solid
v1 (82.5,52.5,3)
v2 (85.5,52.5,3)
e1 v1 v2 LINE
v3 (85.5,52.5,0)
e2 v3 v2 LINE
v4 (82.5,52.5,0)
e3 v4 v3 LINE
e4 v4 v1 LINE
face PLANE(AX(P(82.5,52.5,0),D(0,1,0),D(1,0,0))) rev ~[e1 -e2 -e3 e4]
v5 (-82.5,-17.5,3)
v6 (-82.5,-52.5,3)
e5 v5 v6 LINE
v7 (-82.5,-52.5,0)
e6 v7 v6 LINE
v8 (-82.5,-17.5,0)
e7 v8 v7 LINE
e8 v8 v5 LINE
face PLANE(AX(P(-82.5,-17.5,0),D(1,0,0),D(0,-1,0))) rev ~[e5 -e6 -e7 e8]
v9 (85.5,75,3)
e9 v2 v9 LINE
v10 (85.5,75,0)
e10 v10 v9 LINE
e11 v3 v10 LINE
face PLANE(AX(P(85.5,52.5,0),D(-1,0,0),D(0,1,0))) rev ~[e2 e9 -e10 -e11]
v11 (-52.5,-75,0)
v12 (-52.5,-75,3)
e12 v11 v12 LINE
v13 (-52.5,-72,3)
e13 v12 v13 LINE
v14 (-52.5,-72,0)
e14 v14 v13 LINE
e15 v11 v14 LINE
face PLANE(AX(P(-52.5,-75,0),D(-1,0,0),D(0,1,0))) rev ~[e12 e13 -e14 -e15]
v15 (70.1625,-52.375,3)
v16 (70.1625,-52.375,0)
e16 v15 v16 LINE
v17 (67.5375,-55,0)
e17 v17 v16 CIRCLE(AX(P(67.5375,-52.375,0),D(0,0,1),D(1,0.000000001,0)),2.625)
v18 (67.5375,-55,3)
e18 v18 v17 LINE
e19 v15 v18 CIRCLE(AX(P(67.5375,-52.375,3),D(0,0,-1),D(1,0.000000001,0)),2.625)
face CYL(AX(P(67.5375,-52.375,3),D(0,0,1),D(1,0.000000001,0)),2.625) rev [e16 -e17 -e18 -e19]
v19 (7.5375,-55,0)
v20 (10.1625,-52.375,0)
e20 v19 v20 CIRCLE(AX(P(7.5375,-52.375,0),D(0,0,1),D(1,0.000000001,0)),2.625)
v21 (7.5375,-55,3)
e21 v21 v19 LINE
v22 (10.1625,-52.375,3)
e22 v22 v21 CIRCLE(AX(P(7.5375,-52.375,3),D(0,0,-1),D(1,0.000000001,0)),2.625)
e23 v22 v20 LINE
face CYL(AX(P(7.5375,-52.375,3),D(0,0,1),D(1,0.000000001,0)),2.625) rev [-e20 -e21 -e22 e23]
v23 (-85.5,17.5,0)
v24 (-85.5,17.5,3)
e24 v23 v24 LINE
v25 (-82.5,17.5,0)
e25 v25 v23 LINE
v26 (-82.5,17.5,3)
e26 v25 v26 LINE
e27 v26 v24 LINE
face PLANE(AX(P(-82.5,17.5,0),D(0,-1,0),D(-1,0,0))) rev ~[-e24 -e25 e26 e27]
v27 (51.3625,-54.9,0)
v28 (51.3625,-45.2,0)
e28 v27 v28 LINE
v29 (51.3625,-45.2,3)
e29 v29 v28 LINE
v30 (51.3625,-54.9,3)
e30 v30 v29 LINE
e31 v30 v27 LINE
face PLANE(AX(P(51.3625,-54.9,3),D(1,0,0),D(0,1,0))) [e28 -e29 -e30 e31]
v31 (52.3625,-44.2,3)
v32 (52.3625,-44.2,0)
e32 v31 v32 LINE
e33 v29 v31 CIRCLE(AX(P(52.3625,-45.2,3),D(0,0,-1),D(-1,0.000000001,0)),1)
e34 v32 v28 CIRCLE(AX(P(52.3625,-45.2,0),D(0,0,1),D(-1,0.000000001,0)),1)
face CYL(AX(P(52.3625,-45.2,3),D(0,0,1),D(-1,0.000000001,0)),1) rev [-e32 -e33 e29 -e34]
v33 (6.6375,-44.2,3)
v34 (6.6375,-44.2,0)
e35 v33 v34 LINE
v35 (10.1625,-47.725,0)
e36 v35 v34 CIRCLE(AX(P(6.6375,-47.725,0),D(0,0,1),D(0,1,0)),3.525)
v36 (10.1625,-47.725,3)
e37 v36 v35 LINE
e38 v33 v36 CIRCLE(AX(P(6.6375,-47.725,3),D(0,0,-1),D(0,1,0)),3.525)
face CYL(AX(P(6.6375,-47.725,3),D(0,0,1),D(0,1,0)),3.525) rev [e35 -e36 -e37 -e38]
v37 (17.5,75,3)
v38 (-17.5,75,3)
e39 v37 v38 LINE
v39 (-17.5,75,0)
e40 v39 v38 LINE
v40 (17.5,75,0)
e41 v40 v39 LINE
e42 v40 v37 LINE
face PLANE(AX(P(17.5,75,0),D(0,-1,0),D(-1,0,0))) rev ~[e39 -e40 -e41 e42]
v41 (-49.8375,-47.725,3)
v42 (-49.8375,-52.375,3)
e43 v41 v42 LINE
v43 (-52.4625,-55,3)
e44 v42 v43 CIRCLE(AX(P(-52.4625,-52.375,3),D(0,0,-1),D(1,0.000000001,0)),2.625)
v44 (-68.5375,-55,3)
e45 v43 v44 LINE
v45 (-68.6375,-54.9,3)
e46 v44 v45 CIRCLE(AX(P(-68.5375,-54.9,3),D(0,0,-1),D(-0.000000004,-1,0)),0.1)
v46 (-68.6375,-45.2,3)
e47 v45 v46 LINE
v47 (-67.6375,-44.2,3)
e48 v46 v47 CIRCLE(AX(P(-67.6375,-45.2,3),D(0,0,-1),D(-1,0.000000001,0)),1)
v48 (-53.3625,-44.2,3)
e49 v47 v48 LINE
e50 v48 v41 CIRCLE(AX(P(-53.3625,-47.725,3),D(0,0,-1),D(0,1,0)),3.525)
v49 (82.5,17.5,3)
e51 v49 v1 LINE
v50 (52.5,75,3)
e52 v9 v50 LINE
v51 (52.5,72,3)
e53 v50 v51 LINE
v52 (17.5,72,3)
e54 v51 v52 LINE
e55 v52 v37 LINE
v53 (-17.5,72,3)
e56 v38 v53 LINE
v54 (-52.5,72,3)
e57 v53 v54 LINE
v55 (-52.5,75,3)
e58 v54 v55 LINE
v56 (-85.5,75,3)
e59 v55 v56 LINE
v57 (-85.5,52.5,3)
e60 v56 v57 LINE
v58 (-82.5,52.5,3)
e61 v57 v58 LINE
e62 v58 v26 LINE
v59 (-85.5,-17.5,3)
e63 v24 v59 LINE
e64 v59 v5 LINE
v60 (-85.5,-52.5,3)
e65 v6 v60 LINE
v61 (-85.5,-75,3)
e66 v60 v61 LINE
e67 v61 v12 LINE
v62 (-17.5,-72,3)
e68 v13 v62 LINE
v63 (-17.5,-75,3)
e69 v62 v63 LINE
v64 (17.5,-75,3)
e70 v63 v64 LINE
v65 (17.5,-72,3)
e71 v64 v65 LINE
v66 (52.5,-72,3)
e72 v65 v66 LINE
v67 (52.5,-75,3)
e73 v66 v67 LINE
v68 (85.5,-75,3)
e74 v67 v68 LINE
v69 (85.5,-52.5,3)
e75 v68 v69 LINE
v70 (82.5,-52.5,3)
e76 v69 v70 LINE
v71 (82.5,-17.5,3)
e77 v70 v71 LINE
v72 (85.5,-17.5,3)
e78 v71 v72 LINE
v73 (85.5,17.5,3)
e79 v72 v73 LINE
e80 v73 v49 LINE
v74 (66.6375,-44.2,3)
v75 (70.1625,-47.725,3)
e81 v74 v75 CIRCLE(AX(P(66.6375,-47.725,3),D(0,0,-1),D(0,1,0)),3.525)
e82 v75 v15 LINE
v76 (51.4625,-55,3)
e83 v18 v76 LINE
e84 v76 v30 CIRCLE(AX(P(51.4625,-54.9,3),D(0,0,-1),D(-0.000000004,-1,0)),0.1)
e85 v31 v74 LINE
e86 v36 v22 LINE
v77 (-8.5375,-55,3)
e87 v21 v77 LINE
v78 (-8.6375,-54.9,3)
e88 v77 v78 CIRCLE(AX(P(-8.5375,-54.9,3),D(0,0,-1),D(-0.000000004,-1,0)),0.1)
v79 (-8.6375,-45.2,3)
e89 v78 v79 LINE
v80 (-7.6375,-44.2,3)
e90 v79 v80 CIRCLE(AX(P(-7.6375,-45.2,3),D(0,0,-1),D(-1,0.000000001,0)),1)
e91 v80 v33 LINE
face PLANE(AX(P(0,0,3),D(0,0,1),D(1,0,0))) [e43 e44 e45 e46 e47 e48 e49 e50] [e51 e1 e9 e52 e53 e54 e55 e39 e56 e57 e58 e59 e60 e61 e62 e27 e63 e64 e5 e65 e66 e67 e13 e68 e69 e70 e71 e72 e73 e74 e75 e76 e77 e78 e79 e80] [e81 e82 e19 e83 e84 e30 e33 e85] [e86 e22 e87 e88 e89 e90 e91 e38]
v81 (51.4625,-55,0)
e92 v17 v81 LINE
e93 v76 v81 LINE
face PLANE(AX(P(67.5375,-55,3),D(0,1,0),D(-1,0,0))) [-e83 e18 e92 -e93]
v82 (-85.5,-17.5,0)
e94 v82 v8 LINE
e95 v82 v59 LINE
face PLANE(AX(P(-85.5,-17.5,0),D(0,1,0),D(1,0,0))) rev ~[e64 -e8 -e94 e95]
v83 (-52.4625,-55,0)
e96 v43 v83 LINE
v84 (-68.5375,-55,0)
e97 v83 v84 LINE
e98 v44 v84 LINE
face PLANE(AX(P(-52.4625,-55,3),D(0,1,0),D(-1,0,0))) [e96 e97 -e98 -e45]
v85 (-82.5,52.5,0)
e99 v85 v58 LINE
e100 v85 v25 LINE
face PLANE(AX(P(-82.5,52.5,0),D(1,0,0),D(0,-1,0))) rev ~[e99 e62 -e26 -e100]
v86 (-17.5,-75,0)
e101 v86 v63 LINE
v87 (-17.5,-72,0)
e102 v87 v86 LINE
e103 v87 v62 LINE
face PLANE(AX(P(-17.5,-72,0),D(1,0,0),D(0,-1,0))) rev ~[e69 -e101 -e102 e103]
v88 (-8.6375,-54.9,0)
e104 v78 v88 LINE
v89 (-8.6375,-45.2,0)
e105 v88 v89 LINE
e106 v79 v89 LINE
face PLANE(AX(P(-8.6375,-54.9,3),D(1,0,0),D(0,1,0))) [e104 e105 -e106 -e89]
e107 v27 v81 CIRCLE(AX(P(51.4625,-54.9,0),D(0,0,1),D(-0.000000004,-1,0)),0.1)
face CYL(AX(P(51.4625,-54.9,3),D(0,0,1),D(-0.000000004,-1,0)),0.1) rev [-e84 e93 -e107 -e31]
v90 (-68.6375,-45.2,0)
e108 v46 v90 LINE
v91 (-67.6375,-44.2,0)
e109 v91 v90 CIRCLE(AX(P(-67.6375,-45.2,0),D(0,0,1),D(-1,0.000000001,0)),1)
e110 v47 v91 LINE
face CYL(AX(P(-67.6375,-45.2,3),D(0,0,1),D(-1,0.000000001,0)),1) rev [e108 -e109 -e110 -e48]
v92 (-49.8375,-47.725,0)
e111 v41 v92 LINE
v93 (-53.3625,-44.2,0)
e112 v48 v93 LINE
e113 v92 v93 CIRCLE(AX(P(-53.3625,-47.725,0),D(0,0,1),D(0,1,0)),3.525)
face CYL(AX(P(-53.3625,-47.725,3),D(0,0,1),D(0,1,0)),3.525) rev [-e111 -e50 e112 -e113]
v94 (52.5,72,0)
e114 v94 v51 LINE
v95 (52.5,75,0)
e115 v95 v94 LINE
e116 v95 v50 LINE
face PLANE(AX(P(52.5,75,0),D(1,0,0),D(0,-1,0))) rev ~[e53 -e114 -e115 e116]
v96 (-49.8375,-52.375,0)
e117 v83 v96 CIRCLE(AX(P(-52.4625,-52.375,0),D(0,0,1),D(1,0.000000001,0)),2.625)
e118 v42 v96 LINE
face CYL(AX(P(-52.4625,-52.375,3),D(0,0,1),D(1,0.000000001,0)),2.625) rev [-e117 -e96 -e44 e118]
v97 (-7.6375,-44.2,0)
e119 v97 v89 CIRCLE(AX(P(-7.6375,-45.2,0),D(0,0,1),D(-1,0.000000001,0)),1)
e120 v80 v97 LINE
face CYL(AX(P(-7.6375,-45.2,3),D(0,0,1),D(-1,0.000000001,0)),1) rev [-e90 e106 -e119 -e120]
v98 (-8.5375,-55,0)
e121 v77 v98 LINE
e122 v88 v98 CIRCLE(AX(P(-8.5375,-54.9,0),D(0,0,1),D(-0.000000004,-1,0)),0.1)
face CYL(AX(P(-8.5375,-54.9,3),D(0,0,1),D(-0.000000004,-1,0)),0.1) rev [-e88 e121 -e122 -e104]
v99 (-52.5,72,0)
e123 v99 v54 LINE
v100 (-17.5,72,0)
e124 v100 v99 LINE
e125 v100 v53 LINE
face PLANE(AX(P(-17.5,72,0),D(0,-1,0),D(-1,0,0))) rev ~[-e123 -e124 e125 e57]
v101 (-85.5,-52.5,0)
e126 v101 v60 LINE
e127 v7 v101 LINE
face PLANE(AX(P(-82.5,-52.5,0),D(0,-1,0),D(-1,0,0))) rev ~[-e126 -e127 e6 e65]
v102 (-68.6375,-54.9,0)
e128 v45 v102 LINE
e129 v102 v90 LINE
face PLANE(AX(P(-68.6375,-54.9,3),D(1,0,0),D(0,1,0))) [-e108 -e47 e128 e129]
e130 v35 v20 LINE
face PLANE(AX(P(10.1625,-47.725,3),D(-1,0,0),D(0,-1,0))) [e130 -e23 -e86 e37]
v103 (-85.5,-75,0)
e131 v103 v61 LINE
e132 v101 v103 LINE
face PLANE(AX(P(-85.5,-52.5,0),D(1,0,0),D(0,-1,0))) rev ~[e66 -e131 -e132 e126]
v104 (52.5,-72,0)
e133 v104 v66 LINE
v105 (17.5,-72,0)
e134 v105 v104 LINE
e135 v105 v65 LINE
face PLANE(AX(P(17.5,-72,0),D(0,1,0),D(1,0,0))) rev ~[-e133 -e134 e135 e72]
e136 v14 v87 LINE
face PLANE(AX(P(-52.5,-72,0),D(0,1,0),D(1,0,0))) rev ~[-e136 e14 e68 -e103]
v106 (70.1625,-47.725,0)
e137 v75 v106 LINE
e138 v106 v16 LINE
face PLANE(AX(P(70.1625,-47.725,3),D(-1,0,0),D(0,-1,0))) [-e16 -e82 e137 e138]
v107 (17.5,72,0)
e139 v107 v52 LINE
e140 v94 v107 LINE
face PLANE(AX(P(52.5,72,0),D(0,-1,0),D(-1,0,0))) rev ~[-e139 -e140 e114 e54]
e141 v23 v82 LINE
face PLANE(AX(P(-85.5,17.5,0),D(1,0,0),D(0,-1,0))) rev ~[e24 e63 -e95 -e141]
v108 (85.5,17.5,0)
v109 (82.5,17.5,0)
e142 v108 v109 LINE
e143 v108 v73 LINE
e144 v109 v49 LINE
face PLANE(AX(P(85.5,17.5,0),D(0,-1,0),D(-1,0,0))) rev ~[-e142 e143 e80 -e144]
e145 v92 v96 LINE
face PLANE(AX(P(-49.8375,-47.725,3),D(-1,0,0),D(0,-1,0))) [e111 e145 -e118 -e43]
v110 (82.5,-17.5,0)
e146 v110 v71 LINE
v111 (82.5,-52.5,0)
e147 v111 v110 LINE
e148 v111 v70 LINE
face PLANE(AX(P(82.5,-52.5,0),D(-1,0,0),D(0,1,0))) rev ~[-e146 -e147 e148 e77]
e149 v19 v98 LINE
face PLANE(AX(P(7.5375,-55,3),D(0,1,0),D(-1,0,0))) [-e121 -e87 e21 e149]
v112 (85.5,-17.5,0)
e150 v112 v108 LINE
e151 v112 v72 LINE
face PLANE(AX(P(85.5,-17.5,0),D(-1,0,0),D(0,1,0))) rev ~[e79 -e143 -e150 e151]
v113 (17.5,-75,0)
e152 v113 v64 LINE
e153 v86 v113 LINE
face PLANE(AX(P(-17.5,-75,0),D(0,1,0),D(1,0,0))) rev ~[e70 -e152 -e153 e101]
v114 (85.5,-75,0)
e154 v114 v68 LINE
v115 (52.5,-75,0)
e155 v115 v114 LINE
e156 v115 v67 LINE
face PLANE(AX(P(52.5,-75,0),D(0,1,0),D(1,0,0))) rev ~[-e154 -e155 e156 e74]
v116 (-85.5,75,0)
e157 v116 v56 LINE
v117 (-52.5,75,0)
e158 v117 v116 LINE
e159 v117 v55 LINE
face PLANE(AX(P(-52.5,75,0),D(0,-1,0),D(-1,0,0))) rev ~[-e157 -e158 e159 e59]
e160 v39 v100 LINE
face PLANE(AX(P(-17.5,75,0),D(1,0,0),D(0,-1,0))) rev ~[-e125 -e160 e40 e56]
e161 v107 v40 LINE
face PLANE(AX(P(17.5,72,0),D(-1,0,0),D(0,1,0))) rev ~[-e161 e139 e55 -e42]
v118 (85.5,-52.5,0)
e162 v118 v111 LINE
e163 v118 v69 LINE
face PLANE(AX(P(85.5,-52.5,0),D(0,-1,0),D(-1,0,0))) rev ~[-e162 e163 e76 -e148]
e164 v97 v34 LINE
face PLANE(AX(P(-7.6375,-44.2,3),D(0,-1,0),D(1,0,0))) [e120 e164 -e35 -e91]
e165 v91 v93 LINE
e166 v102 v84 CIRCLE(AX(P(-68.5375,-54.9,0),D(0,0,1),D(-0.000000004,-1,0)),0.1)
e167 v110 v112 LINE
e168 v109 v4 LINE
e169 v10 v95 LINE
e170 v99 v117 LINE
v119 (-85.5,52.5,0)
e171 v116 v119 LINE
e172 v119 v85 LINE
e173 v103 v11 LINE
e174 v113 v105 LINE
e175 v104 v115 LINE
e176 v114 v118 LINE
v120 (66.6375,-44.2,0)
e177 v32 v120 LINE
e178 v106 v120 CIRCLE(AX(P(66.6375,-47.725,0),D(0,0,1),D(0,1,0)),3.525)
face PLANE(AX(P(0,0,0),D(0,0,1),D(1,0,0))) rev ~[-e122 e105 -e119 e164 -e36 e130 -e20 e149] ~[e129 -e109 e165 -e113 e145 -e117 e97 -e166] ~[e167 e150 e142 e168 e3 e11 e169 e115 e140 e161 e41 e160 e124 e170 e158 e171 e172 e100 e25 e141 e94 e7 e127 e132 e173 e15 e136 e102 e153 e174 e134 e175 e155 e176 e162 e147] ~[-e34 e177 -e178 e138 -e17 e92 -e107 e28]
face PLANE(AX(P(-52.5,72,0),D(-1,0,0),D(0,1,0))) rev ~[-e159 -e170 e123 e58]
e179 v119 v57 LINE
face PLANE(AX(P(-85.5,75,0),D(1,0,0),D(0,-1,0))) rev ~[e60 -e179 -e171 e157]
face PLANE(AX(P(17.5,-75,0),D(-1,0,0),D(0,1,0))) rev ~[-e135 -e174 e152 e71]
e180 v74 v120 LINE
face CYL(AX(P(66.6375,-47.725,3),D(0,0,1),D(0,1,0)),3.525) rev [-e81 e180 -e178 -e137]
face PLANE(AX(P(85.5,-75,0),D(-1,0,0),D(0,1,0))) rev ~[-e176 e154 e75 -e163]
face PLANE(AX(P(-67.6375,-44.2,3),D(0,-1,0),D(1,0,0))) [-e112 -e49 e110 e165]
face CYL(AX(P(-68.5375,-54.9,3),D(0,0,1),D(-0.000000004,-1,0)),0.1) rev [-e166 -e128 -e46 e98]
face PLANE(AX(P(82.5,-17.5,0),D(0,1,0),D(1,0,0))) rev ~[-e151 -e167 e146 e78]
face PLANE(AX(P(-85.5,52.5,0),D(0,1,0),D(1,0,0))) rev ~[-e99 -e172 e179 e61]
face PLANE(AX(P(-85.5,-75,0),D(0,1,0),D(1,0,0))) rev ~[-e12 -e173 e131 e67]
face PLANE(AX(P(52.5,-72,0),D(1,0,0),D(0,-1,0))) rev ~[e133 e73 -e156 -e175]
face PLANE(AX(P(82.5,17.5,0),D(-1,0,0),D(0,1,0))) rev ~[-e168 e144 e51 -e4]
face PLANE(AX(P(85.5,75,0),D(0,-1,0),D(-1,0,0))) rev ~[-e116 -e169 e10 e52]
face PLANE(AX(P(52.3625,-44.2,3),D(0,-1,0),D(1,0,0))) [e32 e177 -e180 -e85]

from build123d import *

# Parameters (mm, degrees)
BOSS_EXTRUDE1_DEPTH = 3
CUT_EXTRUDE1_DEPTH  = 114.772799913


with BuildPart() as part:
    # Model → Boss-Extrude1 (new body)
    with BuildSketch(Plane.XY):
        Polygon((85.5, 75), (82.5, 75), (52.5, 75), (52.5, 72), (17.5, 72), (17.5, 75), (-17.5, 75), (-17.5, 72), (-52.5, 72), (-52.5, 75), (-82.5, 75), (-85.5, 75), (-85.5, 72), (-85.5, 52.5), (-82.5, 52.5), (-82.5, 17.5), (-85.5, 17.5), (-85.5, -17.5), (-82.5, -17.5), (-82.5, -52.5), (-85.5, -52.5), (-85.5, -72), (-85.5, -75), (-82.5, -75), (-52.5, -75), (-52.5, -72), (-17.5, -72), (-17.5, -75), (17.5, -75), (17.5, -72), (52.5, -72), (52.5, -75), (82.5, -75), (85.5, -75), (85.5, -72), (85.5, -52.5), (82.5, -52.5), (82.5, -17.5), (85.5, -17.5), (85.5, 17.5), (82.5, 17.5), (82.5, 52.5), (85.5, 52.5), (85.5, 72), align=None)
    extrude(amount=BOSS_EXTRUDE1_DEPTH)

    # Sketch1 → Cut-Extrude1 (cut, through all)
    with BuildSketch(Plane.XY.offset(3)):
        with BuildLine():
            Line((-52.4625, -55), (-68.5375, -55))
            ThreePointArc((-68.5375, -55), (-68.608210678, -54.970710678), (-68.6375, -54.9))
            Line((-68.6375, -54.9), (-68.6375, -45.2))
            ThreePointArc((-68.6375, -45.2), (-68.344606781, -44.492893219), (-67.6375, -44.2))
            Line((-67.6375, -44.2), (-53.3625, -44.2))
            ThreePointArc((-53.3625, -44.2), (-50.869948596, -45.232448596), (-49.8375, -47.725))
            Line((-49.8375, -47.725), (-49.8375, -52.375))
            ThreePointArc((-49.8375, -52.375), (-50.606344699, -54.231155301), (-52.4625, -55))
        make_face()
        with BuildLine():
            Line((7.5375, -55), (-8.5375, -55))
            ThreePointArc((-8.5375, -55), (-8.608210678, -54.970710678), (-8.6375, -54.9))
            Line((-8.6375, -54.9), (-8.6375, -45.2))
            ThreePointArc((-8.6375, -45.2), (-8.344606781, -44.492893219), (-7.6375, -44.2))
            Line((-7.6375, -44.2), (6.6375, -44.2))
            ThreePointArc((6.6375, -44.2), (9.130051404, -45.232448596), (10.1625, -47.725))
            Line((10.1625, -47.725), (10.1625, -52.375))
            ThreePointArc((10.1625, -52.375), (9.393655301, -54.231155301), (7.5375, -55))
        make_face()
        with BuildLine():
            Line((67.5375, -55), (51.4625, -55))
            ThreePointArc((51.4625, -55), (51.391789322, -54.970710678), (51.3625, -54.9))
            Line((51.3625, -54.9), (51.3625, -45.2))
            ThreePointArc((51.3625, -45.2), (51.655393219, -44.492893219), (52.3625, -44.2))
            Line((52.3625, -44.2), (66.6375, -44.2))
            ThreePointArc((66.6375, -44.2), (69.130051404, -45.232448596), (70.1625, -47.725))
            Line((70.1625, -47.725), (70.1625, -52.375))
            ThreePointArc((70.1625, -52.375), (69.393655301, -54.231155301), (67.5375, -55))
        make_face()
    extrude(amount=-CUT_EXTRUDE1_DEPTH, mode=Mode.SUBTRACT)


solid = part.part
